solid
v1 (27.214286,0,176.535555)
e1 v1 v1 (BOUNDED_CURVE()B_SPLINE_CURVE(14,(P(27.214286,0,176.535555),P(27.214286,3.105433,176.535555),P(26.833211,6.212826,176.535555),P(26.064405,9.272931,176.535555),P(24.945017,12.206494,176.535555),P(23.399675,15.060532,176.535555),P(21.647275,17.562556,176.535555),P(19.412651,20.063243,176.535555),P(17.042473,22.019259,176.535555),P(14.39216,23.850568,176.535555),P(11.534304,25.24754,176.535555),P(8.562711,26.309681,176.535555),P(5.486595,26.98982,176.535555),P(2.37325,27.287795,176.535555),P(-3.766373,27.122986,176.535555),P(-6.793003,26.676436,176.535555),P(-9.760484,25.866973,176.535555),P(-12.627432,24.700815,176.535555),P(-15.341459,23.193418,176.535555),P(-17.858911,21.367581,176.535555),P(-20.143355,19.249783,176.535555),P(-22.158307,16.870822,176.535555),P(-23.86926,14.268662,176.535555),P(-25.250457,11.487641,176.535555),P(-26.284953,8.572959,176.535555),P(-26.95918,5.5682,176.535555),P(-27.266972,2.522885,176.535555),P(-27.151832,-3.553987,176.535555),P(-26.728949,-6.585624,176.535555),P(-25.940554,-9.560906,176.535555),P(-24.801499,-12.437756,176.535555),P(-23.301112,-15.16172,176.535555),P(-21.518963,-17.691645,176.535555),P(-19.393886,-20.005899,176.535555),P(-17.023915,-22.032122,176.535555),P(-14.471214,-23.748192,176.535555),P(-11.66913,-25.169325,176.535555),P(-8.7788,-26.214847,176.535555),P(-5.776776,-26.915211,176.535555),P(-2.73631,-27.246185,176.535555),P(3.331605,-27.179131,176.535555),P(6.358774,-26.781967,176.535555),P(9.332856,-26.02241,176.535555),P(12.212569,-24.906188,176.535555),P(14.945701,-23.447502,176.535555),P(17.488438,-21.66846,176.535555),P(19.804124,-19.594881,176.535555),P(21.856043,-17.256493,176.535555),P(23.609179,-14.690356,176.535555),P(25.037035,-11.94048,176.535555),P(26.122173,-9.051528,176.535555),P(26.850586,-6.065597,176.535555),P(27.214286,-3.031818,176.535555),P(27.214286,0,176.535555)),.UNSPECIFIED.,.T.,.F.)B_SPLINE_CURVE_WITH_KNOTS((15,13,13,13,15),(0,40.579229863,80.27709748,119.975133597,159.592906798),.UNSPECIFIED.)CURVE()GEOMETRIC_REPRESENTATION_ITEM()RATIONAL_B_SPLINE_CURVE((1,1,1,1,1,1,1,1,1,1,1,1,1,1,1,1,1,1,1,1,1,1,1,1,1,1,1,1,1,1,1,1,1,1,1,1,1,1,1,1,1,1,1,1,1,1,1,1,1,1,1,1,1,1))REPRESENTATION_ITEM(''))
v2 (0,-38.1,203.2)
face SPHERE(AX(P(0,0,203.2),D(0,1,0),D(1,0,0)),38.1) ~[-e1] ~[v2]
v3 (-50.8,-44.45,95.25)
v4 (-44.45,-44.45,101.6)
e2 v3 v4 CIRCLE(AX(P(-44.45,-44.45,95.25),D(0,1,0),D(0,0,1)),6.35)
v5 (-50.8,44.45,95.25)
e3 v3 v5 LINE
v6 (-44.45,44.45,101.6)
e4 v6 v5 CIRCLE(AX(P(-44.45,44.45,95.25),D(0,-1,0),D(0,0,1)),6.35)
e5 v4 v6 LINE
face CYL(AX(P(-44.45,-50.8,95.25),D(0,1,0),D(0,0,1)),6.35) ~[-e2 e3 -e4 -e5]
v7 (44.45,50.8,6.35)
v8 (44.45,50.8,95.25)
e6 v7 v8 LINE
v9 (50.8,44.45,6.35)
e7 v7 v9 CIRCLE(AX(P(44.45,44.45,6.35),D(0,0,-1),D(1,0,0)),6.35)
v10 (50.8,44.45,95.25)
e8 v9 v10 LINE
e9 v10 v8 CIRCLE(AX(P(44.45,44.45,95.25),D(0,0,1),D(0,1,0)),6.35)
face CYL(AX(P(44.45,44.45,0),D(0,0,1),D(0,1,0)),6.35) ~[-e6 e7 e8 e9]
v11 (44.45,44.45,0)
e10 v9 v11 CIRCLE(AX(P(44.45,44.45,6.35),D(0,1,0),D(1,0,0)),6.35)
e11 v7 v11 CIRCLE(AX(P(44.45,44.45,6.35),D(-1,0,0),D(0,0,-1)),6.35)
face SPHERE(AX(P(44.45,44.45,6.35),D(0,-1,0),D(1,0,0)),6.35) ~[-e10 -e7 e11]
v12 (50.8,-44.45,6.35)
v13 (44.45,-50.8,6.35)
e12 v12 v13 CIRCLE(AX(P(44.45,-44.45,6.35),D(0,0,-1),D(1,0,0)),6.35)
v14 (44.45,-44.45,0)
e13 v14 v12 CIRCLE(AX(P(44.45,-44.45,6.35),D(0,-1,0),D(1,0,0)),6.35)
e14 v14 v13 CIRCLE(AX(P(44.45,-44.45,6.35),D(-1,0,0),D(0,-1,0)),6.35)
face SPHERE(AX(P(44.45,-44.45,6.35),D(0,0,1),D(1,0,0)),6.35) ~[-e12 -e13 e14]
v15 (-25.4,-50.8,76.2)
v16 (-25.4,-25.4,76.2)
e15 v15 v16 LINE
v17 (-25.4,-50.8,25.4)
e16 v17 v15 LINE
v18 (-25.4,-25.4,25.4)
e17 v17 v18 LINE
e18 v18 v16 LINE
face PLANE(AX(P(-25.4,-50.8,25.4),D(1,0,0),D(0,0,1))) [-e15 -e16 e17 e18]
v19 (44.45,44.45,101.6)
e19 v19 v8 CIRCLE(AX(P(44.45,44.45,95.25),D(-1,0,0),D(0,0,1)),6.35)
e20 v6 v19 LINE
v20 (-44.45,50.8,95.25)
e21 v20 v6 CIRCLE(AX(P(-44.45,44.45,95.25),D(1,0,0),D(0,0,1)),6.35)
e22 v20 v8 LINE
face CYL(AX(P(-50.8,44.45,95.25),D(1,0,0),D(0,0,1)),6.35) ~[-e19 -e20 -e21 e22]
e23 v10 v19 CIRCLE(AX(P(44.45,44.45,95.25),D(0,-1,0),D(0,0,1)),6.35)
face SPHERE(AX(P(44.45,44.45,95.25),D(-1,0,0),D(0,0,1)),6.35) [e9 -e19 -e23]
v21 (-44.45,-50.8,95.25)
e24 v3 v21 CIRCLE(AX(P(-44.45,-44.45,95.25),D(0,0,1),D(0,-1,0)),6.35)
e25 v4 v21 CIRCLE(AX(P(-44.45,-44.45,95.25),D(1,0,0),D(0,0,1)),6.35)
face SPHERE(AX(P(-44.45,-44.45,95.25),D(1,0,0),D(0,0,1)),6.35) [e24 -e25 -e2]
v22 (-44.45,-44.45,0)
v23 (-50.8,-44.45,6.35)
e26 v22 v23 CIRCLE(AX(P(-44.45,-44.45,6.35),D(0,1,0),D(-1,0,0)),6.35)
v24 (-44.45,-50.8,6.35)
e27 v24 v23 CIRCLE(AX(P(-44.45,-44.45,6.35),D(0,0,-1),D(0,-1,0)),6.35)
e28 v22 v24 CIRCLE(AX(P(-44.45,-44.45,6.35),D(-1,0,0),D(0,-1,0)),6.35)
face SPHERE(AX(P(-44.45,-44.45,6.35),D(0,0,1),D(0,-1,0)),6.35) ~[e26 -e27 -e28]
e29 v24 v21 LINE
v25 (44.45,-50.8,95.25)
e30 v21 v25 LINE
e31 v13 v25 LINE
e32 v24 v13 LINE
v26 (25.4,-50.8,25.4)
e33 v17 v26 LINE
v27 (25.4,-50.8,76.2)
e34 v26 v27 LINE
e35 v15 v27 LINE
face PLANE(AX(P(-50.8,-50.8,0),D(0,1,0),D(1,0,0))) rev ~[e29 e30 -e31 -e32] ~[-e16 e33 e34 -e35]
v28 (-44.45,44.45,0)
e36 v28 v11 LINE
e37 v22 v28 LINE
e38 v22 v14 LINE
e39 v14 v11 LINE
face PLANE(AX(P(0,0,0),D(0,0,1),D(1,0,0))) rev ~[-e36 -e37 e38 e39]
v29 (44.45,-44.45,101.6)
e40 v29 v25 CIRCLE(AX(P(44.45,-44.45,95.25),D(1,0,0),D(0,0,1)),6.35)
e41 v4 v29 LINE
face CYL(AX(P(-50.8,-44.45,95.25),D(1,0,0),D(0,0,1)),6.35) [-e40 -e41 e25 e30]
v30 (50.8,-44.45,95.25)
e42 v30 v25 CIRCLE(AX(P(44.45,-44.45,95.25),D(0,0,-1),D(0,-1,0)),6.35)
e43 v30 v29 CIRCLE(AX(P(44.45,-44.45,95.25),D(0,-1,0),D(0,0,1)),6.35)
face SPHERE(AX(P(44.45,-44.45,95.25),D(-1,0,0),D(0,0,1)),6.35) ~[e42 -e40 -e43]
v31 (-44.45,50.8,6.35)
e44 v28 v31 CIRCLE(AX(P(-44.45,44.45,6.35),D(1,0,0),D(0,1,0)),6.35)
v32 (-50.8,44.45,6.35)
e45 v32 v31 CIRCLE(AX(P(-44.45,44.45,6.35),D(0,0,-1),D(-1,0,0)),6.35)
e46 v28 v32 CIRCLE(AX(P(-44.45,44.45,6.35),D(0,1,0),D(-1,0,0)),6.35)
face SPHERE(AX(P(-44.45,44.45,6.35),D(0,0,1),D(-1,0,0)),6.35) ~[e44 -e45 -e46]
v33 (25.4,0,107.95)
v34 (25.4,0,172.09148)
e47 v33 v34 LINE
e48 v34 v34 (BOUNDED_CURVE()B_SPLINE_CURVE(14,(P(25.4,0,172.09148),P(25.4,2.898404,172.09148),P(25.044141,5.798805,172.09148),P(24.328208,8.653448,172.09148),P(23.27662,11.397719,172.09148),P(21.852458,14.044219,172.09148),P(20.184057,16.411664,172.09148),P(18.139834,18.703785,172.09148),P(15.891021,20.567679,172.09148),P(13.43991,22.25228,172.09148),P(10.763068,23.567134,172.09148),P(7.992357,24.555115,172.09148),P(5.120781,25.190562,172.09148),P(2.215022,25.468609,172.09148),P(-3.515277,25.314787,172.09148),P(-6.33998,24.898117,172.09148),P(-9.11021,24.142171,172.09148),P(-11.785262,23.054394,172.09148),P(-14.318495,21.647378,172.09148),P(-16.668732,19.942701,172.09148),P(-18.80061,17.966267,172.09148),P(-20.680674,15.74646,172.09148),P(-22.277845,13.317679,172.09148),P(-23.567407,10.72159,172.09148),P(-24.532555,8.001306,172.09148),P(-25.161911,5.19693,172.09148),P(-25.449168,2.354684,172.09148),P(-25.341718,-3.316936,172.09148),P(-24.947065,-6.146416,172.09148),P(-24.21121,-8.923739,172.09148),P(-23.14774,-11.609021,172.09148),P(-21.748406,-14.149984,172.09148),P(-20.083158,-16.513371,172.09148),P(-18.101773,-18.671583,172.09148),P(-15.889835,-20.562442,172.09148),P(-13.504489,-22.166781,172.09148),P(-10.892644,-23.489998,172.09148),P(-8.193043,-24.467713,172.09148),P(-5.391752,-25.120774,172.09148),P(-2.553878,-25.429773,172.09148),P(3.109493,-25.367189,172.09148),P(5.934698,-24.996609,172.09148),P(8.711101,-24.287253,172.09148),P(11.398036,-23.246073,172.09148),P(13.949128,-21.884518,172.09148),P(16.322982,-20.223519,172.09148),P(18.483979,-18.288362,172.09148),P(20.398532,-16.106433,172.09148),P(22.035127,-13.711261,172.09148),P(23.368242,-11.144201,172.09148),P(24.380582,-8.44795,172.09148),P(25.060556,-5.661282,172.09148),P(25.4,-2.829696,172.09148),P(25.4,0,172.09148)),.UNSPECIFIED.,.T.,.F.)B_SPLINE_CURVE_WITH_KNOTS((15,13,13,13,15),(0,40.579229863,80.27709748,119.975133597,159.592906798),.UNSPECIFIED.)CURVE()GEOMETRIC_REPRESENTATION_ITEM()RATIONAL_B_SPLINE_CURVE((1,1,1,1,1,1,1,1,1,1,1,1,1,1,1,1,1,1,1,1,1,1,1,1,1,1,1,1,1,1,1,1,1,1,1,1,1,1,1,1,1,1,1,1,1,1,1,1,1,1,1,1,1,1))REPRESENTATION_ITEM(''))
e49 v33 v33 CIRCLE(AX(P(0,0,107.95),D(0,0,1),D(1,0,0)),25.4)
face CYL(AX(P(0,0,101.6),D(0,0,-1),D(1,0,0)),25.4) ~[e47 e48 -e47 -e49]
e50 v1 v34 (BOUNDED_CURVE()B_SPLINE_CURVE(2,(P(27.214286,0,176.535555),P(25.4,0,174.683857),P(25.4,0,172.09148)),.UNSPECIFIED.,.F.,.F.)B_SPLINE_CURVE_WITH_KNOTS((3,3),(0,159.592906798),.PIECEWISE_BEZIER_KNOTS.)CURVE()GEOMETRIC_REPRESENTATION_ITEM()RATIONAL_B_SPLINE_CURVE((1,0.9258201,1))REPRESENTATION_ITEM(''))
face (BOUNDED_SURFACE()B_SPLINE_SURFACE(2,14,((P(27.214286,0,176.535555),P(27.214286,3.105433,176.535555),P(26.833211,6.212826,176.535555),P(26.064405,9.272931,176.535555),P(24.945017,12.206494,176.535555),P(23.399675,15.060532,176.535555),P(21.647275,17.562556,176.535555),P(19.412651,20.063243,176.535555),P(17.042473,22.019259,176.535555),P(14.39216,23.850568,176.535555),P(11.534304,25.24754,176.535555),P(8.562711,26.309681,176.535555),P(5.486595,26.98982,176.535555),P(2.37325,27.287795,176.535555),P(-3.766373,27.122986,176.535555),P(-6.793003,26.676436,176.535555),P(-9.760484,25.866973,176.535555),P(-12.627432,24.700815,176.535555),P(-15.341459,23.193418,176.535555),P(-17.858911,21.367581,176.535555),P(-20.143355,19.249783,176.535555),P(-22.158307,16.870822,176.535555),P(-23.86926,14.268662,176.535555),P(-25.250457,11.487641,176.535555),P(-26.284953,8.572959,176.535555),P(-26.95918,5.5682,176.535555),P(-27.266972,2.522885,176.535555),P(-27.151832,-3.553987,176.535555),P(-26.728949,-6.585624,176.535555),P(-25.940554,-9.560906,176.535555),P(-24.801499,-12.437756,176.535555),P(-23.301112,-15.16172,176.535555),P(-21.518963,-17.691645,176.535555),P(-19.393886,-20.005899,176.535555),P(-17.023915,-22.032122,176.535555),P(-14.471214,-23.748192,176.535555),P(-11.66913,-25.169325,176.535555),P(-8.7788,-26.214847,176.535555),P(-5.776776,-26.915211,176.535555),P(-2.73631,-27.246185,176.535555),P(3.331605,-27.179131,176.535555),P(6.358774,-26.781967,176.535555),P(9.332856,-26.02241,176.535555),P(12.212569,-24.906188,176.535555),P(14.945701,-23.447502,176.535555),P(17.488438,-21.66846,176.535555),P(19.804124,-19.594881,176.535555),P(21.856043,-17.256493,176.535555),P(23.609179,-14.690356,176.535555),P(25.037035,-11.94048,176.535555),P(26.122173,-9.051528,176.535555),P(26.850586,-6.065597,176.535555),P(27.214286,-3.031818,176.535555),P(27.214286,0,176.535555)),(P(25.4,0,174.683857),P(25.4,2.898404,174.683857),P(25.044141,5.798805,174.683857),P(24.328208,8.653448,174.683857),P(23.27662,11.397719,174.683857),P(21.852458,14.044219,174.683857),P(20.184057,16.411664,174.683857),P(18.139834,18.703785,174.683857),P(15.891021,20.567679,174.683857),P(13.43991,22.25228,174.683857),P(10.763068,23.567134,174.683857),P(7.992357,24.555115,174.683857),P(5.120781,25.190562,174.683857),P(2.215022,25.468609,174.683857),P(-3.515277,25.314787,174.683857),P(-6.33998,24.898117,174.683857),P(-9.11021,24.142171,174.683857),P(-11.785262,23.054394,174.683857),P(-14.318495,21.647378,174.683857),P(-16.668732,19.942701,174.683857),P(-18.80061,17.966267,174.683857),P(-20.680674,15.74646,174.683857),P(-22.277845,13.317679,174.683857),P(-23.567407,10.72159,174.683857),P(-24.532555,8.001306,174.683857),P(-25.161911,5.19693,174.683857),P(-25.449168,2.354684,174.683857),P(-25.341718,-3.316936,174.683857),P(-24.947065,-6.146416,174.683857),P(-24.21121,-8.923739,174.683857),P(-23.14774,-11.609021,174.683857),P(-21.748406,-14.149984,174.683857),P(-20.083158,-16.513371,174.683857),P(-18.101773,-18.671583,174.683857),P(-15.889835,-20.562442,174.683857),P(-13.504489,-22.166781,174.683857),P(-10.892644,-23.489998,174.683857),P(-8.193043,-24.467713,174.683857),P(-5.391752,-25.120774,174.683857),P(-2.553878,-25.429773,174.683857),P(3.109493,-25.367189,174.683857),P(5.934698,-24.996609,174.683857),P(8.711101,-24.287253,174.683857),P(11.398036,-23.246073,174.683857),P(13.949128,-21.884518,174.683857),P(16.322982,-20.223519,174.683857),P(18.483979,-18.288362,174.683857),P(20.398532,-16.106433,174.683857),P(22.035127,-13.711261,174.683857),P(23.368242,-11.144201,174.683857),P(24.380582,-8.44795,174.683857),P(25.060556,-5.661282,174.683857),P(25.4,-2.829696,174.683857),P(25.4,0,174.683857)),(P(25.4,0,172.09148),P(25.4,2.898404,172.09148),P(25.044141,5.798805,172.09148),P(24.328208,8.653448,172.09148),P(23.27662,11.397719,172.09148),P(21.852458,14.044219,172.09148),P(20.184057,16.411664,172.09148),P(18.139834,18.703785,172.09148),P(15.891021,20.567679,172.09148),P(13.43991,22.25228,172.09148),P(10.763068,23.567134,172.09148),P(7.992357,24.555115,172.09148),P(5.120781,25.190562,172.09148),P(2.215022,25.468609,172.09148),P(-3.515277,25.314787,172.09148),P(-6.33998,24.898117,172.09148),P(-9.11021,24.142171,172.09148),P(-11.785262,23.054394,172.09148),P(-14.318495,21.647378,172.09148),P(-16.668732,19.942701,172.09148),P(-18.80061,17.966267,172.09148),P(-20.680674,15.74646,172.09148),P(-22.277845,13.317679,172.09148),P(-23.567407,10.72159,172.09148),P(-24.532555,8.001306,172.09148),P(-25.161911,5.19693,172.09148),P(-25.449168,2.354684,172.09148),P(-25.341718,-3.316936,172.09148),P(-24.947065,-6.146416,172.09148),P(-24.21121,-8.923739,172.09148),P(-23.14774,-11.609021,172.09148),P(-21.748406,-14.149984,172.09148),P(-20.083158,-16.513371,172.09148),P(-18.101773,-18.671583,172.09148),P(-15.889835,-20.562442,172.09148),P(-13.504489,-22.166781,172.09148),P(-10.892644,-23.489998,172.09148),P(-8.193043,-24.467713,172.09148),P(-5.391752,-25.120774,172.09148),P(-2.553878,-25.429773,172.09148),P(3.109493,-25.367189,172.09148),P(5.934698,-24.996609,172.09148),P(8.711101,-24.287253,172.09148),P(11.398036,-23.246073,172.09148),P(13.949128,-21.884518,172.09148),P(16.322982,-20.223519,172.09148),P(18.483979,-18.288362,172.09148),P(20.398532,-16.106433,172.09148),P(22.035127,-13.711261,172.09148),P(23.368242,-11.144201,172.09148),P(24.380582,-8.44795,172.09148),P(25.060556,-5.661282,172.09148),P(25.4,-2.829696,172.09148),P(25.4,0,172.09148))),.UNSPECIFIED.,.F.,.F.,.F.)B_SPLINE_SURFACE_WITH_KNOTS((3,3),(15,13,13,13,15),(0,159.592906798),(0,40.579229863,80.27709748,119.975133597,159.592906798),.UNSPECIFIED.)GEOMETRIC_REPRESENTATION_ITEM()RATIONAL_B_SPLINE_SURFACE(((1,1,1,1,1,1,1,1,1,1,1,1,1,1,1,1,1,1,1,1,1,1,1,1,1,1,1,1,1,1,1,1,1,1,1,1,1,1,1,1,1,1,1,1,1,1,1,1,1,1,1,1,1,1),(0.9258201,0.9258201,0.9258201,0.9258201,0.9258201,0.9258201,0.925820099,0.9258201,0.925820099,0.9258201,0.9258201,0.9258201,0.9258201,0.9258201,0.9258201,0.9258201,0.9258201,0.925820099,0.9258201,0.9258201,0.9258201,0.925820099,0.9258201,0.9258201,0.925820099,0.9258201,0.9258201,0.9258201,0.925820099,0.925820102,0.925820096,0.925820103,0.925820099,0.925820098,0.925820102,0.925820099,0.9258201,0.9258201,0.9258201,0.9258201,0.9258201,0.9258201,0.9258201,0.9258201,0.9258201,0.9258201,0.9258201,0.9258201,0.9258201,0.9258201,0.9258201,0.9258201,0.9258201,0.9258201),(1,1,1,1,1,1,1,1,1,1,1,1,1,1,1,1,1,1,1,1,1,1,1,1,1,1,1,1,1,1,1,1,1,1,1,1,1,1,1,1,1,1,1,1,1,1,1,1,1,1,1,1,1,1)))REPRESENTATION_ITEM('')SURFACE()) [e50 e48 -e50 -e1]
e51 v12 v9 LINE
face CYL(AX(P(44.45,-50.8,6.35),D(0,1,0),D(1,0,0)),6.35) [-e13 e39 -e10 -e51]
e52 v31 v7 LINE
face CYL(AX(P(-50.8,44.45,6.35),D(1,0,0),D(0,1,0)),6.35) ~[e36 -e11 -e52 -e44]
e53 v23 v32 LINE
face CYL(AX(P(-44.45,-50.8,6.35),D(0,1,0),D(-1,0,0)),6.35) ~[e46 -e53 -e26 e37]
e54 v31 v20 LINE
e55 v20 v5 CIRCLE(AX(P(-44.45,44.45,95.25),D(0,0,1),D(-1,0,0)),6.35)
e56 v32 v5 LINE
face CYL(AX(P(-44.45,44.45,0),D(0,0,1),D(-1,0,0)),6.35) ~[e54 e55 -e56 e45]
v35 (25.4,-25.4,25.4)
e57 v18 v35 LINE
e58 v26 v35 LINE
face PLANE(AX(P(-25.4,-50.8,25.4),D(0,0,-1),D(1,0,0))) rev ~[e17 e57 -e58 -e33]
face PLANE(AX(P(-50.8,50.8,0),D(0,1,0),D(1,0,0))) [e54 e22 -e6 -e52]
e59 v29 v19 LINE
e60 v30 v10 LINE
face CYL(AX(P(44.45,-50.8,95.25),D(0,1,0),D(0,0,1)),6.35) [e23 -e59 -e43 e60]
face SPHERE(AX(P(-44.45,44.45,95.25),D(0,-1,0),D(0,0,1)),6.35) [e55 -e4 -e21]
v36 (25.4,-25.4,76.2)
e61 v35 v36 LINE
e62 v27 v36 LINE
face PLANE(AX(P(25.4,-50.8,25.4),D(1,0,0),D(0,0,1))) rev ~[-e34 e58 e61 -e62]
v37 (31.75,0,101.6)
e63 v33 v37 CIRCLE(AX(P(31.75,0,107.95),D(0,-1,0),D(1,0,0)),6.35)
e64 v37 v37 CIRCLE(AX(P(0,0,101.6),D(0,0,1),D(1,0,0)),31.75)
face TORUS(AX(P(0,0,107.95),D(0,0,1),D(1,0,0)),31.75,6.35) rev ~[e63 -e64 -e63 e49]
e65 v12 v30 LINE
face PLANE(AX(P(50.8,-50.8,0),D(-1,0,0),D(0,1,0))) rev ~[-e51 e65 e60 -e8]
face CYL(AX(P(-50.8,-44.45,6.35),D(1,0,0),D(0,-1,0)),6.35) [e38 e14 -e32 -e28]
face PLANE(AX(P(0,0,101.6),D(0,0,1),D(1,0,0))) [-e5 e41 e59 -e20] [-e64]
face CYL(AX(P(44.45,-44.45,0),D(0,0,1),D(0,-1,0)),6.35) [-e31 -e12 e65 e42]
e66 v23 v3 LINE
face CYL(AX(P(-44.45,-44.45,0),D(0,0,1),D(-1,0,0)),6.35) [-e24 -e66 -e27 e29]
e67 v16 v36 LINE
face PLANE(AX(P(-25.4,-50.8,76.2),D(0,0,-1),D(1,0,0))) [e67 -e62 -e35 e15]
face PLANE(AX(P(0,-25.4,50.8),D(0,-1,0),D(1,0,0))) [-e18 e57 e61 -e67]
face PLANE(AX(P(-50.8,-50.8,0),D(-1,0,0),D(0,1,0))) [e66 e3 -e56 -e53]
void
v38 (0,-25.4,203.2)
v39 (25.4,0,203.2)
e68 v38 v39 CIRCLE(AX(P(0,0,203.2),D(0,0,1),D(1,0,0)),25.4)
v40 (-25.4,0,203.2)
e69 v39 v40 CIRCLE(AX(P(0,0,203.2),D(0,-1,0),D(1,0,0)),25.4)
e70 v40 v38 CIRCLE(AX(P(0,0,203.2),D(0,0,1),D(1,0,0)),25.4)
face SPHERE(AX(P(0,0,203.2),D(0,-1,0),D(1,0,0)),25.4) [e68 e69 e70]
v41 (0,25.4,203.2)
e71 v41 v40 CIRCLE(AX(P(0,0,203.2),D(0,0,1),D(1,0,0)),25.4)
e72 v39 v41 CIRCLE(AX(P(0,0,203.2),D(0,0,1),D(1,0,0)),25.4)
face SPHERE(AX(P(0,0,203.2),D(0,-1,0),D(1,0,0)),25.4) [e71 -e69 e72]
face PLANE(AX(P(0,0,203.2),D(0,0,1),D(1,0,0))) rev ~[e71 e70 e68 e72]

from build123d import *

# Parameters (mm, degrees)
F0_W     = 101.6
F0_H     = 101.6
F1_DEPTH = 101.6
F2_R     = 25.4
F3_DEPTH = 101.6
F4_W     = 50.8
F4_H     = 50.8
F5_DEPTH = 25.4
F8_R     = 6.35


with BuildPart() as f1:
    # F0 (on Top) → F1 (new body)
    with BuildSketch(Plane.XY):
        Rectangle(F0_W, F0_H)
    extrude(amount=F1_DEPTH)

    # F2 (on face) → F3 (join)
    with BuildSketch(Plane.XY.offset(101.6)):
        Circle(F2_R)
    extrude(amount=F3_DEPTH)

    # F4 (on face) → F5 (cut)
    with BuildSketch(Plane.XZ.offset(50.8)):
        with Locations((0, 50.8)):
            Rectangle(F4_W, F4_H)
    extrude(amount=-F5_DEPTH, mode=Mode.SUBTRACT)

    # F6 (on face) → F7 (revolve)
    with BuildSketch(Plane.XY.offset(203.2)):
        with BuildLine():
            Line((0, -25.4), (0, -38.1))
            ThreePointArc((0, -38.1), (38.1, 0), (0, 38.1))
            Line((0, 38.1), (0, 25.4))
            ThreePointArc((0, 25.4), (17.9605122421, 17.9605122421), (25.4, 0))
            ThreePointArc((25.4, 0), (17.9605122421, -17.9605122421), (0, -25.4))
        make_face()
    revolve(axis=Axis((0, 0, 203.2), (0, -1, 0)))

    # F8
    f8_edges = [f1.edges().sort_by_distance(p)[0] for p in [
        (0, -50.8, 101.6),
        (-50.8, 0, 101.6),
        (0, 50.8, 101.6),
        (50.8, 0, 101.6),
        (50.8, -50.8, 50.8),
        (-50.8, -50.8, 50.8),
        (50.8, 0, 0),
        (0, -50.8, 0),
        (50.8, 50.8, 50.8),
        (-25.4, 0, 174.801937),
        (-25.4, 0, 101.6),
        (25.4, 0, 138.200968),
        (-50.8, 50.8, 50.8),
        (-50.8, 0, 0),
        (0, 50.8, 0),
    ]]
    fillet(f8_edges, radius=F8_R)


solid = f1.part
